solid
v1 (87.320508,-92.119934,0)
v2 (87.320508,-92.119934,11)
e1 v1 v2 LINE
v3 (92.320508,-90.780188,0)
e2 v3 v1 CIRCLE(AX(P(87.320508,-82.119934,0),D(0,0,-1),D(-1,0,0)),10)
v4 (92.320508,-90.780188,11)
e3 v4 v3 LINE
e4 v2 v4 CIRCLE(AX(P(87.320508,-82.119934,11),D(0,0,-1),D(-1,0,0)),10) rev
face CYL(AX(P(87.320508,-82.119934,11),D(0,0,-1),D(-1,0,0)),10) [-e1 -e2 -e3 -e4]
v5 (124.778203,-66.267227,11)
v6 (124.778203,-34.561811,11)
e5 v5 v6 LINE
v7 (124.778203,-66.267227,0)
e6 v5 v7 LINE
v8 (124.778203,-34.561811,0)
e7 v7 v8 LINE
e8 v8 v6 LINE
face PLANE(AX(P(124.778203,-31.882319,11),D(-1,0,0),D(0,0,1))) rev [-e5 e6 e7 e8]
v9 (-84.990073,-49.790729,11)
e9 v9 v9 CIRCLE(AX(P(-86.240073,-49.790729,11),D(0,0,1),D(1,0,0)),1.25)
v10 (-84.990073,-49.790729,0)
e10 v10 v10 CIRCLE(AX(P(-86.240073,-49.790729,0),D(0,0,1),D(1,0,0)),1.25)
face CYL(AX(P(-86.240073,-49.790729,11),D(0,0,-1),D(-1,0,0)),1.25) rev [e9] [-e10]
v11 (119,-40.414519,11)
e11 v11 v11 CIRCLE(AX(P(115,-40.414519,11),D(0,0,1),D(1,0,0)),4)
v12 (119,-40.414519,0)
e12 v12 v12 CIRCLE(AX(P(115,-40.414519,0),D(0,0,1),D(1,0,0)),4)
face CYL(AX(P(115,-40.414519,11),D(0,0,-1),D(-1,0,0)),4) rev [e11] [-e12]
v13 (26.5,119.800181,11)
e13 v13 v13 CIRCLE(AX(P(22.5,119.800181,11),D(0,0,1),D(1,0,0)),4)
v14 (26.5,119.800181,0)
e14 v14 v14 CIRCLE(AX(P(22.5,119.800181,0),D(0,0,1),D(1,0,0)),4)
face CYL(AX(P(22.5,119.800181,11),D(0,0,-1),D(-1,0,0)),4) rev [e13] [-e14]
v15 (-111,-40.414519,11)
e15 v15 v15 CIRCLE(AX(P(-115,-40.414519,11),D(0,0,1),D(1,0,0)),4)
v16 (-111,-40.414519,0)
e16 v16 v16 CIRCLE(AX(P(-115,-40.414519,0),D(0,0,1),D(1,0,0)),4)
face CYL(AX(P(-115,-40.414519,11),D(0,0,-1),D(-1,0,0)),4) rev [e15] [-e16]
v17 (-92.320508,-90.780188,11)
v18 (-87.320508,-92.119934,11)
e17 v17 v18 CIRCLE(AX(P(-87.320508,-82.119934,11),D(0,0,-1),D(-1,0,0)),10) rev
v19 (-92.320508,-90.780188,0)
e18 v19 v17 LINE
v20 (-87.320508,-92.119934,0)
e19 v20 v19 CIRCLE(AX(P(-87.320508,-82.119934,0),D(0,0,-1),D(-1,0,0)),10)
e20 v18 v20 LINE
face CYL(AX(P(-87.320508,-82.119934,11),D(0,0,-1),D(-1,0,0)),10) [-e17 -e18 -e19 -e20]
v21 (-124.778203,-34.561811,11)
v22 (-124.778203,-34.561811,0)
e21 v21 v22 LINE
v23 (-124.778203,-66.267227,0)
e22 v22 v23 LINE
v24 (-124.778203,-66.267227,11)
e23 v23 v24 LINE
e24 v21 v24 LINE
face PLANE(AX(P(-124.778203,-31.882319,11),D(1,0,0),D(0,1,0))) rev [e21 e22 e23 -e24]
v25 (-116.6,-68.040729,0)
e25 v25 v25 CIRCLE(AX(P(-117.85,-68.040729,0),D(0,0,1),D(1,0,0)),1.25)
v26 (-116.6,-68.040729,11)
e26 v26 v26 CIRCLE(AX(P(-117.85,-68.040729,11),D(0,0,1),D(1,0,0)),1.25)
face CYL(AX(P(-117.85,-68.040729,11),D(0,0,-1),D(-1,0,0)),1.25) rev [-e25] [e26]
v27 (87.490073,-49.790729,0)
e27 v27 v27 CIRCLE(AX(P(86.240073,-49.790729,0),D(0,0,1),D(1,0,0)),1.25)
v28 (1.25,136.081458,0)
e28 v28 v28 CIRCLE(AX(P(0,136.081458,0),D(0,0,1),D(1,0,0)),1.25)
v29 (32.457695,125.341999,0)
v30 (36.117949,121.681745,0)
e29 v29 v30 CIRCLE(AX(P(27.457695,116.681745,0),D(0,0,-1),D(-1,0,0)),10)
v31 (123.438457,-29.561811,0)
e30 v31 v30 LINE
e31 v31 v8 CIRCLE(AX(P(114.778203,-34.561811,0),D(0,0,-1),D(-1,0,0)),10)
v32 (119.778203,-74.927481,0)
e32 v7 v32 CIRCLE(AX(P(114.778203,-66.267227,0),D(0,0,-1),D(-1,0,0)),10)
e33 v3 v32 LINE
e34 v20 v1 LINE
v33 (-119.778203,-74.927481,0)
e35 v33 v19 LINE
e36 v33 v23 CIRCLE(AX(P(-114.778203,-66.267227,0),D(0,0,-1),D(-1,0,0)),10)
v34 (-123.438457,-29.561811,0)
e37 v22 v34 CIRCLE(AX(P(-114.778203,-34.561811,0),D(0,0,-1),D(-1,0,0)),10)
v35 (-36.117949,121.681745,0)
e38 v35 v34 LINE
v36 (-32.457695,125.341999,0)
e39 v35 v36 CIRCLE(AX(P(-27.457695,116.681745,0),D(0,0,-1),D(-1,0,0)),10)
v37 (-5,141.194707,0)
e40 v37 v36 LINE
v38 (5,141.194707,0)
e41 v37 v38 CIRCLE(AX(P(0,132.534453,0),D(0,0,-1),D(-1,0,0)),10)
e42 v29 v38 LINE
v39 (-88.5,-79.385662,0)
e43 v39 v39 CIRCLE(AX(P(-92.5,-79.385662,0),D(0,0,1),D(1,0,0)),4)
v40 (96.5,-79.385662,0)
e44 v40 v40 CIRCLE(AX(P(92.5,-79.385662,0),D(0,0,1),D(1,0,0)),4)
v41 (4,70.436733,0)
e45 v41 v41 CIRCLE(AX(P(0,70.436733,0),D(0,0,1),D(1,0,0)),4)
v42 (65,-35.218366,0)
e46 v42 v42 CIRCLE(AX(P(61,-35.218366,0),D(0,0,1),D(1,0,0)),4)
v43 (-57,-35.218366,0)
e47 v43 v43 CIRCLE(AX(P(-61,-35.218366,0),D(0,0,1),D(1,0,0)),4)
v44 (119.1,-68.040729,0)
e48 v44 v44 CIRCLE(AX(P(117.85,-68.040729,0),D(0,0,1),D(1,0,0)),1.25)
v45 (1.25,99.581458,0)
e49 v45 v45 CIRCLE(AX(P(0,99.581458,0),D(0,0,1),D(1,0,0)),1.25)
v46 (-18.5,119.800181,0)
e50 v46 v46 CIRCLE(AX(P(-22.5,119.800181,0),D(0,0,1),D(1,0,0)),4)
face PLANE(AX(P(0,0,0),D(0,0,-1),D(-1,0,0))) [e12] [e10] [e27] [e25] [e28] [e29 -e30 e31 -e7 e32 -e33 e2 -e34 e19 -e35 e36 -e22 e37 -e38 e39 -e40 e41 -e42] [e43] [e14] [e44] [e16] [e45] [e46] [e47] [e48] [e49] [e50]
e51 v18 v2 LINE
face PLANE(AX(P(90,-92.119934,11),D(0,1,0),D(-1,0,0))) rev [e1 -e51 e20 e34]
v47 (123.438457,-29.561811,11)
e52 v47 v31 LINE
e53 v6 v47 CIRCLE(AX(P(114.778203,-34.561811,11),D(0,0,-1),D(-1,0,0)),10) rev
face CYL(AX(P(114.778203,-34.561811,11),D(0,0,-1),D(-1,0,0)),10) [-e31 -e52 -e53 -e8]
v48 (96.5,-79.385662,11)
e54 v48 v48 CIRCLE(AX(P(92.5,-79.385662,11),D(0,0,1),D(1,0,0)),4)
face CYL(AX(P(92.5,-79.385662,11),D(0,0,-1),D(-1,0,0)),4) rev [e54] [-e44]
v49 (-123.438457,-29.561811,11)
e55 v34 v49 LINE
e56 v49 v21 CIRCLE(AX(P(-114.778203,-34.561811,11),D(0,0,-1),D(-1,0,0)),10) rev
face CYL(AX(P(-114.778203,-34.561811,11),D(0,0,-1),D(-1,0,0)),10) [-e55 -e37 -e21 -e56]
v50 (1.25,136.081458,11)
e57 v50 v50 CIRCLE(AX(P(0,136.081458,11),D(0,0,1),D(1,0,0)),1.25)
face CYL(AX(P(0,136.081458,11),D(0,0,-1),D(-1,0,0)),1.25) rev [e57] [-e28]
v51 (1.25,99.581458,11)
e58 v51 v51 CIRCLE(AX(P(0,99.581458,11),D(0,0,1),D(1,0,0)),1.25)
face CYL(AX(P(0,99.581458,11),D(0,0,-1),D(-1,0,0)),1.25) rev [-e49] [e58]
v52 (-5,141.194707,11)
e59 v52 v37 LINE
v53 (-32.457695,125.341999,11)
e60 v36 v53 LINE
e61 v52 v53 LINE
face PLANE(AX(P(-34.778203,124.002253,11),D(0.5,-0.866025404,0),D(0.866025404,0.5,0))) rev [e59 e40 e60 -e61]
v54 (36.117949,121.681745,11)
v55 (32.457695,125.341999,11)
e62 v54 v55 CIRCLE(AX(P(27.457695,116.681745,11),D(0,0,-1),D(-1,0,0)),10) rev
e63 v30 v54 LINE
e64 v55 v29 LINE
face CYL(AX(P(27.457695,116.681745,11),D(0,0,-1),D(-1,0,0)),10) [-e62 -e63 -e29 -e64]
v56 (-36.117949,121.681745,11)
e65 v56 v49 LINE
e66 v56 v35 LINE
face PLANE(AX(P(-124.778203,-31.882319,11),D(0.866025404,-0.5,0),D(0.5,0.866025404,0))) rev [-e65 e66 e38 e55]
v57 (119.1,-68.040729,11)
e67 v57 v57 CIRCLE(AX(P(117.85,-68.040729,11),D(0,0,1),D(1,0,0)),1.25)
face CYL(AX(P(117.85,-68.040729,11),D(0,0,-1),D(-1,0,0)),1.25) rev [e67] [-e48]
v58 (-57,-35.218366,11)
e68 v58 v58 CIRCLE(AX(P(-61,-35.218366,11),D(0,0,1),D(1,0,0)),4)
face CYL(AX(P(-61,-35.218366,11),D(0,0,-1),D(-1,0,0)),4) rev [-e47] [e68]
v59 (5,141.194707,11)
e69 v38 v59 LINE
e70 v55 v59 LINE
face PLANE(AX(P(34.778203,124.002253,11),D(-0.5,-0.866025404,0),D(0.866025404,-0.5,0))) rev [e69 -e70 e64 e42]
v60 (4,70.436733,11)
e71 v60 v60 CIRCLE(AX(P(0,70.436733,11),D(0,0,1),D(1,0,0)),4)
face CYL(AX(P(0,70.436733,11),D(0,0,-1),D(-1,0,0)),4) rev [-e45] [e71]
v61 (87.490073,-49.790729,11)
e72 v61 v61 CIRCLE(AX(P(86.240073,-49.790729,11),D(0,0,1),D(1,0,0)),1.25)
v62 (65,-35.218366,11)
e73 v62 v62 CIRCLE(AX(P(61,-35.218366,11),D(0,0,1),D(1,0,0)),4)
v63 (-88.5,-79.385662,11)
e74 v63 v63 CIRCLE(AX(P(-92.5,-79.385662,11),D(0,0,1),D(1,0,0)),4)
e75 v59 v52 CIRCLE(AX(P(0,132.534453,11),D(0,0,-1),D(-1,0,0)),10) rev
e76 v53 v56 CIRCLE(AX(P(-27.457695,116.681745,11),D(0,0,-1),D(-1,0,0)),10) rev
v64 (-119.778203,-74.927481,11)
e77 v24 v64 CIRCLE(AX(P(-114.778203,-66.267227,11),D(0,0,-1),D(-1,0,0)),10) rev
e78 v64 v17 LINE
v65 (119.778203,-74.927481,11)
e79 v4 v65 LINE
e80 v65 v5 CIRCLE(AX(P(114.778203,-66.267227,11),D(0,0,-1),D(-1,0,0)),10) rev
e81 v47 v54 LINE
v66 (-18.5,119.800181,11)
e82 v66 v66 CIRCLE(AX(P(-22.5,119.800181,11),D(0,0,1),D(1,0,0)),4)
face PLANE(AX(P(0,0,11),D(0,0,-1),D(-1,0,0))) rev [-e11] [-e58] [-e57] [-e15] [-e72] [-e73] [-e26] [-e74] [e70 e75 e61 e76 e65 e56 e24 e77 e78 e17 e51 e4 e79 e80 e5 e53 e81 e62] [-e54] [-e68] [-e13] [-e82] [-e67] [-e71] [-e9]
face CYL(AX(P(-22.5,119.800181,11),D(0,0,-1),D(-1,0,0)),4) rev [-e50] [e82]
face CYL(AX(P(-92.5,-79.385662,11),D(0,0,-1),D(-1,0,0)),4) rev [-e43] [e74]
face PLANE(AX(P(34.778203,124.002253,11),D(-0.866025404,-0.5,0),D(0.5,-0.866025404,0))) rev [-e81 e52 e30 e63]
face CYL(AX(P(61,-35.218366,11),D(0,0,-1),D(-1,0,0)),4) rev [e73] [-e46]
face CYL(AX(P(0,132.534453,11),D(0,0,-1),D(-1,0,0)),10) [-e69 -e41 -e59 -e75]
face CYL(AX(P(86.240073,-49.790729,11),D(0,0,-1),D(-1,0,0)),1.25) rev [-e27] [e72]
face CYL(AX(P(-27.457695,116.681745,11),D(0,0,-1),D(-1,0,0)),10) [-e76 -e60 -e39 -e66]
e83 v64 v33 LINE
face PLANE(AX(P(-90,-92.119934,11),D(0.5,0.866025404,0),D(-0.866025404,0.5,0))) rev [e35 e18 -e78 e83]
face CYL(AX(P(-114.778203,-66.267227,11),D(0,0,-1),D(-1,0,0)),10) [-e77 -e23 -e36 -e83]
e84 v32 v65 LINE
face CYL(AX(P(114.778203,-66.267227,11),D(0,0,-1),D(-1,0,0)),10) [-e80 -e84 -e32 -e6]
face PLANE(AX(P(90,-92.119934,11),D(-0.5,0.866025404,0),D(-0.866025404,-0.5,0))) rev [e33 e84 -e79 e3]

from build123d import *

# Parameters (mm, degrees)
ESQUISSE1_R        = 1.25
ESQUISSE1_R_2      = 4
BOSS_EXTRU_1_DEPTH = 11
CONG_1_R           = 10


with BuildPart() as part:
    # Esquisse1 → Boss.-Extru.1 (new body)
    with BuildSketch(Plane.XY):
        Polygon((34.77820323, 124.002253451), (124.77820323, -31.88231923), (124.77820323, -72.040729224), (90, -92.119934221), (-90, -92.119934221), (-124.77820323, -72.040729224), (-124.77820323, -31.88231923), (-34.77820323, 124.002253451), (0, 144.081458448), align=None)
        with Locations((-117.85, -68.040729224)):
            Circle(ESQUISSE1_R, mode=Mode.SUBTRACT)
        with Locations((117.85, -68.040729224)):
            Circle(ESQUISSE1_R, mode=Mode.SUBTRACT)
        with Locations((0, 136.081458448)):
            Circle(ESQUISSE1_R, mode=Mode.SUBTRACT)
        with Locations((-86.240072762, -49.790729224)):
            Circle(ESQUISSE1_R, mode=Mode.SUBTRACT)
        with Locations((0, 99.581458448)):
            Circle(ESQUISSE1_R, mode=Mode.SUBTRACT)
        with Locations((86.240072762, -49.790729224)):
            Circle(ESQUISSE1_R, mode=Mode.SUBTRACT)
        with Locations((-61, -35.218366421)):
            Circle(ESQUISSE1_R_2, mode=Mode.SUBTRACT)
        with Locations((0, 70.436732841)):
            Circle(ESQUISSE1_R_2, mode=Mode.SUBTRACT)
        with Locations((61, -35.218366421)):
            Circle(ESQUISSE1_R_2, mode=Mode.SUBTRACT)
        with Locations((22.5, 119.800180857)):
            Circle(ESQUISSE1_R_2, mode=Mode.SUBTRACT)
        with Locations((-22.5, 119.800180857)):
            Circle(ESQUISSE1_R_2, mode=Mode.SUBTRACT)
        with Locations((-115, -40.414518843)):
            Circle(ESQUISSE1_R_2, mode=Mode.SUBTRACT)
        with Locations((-92.5, -79.385662014)):
            Circle(ESQUISSE1_R_2, mode=Mode.SUBTRACT)
        with Locations((92.5, -79.385662014)):
            Circle(ESQUISSE1_R_2, mode=Mode.SUBTRACT)
        with Locations((115, -40.414518843)):
            Circle(ESQUISSE1_R_2, mode=Mode.SUBTRACT)
    extrude(amount=BOSS_EXTRU_1_DEPTH)

    # Congé1
    cong_1_edges = [part.edges().sort_by_distance(p)[0] for p in [
        (34.77820323, 124.002253451, 5.5),
        (124.77820323, -31.88231923, 5.5),
        (124.77820323, -72.040729224, 5.5),
        (90, -92.119934221, 5.5),
        (-90, -92.119934221, 5.5),
        (-124.77820323, -72.040729224, 5.5),
        (-124.77820323, -31.88231923, 5.5),
        (-34.77820323, 124.002253451, 5.5),
        (0, 144.081458448, 5.5),
    ]]
    fillet(cong_1_edges, radius=CONG_1_R)


solid = part.part
